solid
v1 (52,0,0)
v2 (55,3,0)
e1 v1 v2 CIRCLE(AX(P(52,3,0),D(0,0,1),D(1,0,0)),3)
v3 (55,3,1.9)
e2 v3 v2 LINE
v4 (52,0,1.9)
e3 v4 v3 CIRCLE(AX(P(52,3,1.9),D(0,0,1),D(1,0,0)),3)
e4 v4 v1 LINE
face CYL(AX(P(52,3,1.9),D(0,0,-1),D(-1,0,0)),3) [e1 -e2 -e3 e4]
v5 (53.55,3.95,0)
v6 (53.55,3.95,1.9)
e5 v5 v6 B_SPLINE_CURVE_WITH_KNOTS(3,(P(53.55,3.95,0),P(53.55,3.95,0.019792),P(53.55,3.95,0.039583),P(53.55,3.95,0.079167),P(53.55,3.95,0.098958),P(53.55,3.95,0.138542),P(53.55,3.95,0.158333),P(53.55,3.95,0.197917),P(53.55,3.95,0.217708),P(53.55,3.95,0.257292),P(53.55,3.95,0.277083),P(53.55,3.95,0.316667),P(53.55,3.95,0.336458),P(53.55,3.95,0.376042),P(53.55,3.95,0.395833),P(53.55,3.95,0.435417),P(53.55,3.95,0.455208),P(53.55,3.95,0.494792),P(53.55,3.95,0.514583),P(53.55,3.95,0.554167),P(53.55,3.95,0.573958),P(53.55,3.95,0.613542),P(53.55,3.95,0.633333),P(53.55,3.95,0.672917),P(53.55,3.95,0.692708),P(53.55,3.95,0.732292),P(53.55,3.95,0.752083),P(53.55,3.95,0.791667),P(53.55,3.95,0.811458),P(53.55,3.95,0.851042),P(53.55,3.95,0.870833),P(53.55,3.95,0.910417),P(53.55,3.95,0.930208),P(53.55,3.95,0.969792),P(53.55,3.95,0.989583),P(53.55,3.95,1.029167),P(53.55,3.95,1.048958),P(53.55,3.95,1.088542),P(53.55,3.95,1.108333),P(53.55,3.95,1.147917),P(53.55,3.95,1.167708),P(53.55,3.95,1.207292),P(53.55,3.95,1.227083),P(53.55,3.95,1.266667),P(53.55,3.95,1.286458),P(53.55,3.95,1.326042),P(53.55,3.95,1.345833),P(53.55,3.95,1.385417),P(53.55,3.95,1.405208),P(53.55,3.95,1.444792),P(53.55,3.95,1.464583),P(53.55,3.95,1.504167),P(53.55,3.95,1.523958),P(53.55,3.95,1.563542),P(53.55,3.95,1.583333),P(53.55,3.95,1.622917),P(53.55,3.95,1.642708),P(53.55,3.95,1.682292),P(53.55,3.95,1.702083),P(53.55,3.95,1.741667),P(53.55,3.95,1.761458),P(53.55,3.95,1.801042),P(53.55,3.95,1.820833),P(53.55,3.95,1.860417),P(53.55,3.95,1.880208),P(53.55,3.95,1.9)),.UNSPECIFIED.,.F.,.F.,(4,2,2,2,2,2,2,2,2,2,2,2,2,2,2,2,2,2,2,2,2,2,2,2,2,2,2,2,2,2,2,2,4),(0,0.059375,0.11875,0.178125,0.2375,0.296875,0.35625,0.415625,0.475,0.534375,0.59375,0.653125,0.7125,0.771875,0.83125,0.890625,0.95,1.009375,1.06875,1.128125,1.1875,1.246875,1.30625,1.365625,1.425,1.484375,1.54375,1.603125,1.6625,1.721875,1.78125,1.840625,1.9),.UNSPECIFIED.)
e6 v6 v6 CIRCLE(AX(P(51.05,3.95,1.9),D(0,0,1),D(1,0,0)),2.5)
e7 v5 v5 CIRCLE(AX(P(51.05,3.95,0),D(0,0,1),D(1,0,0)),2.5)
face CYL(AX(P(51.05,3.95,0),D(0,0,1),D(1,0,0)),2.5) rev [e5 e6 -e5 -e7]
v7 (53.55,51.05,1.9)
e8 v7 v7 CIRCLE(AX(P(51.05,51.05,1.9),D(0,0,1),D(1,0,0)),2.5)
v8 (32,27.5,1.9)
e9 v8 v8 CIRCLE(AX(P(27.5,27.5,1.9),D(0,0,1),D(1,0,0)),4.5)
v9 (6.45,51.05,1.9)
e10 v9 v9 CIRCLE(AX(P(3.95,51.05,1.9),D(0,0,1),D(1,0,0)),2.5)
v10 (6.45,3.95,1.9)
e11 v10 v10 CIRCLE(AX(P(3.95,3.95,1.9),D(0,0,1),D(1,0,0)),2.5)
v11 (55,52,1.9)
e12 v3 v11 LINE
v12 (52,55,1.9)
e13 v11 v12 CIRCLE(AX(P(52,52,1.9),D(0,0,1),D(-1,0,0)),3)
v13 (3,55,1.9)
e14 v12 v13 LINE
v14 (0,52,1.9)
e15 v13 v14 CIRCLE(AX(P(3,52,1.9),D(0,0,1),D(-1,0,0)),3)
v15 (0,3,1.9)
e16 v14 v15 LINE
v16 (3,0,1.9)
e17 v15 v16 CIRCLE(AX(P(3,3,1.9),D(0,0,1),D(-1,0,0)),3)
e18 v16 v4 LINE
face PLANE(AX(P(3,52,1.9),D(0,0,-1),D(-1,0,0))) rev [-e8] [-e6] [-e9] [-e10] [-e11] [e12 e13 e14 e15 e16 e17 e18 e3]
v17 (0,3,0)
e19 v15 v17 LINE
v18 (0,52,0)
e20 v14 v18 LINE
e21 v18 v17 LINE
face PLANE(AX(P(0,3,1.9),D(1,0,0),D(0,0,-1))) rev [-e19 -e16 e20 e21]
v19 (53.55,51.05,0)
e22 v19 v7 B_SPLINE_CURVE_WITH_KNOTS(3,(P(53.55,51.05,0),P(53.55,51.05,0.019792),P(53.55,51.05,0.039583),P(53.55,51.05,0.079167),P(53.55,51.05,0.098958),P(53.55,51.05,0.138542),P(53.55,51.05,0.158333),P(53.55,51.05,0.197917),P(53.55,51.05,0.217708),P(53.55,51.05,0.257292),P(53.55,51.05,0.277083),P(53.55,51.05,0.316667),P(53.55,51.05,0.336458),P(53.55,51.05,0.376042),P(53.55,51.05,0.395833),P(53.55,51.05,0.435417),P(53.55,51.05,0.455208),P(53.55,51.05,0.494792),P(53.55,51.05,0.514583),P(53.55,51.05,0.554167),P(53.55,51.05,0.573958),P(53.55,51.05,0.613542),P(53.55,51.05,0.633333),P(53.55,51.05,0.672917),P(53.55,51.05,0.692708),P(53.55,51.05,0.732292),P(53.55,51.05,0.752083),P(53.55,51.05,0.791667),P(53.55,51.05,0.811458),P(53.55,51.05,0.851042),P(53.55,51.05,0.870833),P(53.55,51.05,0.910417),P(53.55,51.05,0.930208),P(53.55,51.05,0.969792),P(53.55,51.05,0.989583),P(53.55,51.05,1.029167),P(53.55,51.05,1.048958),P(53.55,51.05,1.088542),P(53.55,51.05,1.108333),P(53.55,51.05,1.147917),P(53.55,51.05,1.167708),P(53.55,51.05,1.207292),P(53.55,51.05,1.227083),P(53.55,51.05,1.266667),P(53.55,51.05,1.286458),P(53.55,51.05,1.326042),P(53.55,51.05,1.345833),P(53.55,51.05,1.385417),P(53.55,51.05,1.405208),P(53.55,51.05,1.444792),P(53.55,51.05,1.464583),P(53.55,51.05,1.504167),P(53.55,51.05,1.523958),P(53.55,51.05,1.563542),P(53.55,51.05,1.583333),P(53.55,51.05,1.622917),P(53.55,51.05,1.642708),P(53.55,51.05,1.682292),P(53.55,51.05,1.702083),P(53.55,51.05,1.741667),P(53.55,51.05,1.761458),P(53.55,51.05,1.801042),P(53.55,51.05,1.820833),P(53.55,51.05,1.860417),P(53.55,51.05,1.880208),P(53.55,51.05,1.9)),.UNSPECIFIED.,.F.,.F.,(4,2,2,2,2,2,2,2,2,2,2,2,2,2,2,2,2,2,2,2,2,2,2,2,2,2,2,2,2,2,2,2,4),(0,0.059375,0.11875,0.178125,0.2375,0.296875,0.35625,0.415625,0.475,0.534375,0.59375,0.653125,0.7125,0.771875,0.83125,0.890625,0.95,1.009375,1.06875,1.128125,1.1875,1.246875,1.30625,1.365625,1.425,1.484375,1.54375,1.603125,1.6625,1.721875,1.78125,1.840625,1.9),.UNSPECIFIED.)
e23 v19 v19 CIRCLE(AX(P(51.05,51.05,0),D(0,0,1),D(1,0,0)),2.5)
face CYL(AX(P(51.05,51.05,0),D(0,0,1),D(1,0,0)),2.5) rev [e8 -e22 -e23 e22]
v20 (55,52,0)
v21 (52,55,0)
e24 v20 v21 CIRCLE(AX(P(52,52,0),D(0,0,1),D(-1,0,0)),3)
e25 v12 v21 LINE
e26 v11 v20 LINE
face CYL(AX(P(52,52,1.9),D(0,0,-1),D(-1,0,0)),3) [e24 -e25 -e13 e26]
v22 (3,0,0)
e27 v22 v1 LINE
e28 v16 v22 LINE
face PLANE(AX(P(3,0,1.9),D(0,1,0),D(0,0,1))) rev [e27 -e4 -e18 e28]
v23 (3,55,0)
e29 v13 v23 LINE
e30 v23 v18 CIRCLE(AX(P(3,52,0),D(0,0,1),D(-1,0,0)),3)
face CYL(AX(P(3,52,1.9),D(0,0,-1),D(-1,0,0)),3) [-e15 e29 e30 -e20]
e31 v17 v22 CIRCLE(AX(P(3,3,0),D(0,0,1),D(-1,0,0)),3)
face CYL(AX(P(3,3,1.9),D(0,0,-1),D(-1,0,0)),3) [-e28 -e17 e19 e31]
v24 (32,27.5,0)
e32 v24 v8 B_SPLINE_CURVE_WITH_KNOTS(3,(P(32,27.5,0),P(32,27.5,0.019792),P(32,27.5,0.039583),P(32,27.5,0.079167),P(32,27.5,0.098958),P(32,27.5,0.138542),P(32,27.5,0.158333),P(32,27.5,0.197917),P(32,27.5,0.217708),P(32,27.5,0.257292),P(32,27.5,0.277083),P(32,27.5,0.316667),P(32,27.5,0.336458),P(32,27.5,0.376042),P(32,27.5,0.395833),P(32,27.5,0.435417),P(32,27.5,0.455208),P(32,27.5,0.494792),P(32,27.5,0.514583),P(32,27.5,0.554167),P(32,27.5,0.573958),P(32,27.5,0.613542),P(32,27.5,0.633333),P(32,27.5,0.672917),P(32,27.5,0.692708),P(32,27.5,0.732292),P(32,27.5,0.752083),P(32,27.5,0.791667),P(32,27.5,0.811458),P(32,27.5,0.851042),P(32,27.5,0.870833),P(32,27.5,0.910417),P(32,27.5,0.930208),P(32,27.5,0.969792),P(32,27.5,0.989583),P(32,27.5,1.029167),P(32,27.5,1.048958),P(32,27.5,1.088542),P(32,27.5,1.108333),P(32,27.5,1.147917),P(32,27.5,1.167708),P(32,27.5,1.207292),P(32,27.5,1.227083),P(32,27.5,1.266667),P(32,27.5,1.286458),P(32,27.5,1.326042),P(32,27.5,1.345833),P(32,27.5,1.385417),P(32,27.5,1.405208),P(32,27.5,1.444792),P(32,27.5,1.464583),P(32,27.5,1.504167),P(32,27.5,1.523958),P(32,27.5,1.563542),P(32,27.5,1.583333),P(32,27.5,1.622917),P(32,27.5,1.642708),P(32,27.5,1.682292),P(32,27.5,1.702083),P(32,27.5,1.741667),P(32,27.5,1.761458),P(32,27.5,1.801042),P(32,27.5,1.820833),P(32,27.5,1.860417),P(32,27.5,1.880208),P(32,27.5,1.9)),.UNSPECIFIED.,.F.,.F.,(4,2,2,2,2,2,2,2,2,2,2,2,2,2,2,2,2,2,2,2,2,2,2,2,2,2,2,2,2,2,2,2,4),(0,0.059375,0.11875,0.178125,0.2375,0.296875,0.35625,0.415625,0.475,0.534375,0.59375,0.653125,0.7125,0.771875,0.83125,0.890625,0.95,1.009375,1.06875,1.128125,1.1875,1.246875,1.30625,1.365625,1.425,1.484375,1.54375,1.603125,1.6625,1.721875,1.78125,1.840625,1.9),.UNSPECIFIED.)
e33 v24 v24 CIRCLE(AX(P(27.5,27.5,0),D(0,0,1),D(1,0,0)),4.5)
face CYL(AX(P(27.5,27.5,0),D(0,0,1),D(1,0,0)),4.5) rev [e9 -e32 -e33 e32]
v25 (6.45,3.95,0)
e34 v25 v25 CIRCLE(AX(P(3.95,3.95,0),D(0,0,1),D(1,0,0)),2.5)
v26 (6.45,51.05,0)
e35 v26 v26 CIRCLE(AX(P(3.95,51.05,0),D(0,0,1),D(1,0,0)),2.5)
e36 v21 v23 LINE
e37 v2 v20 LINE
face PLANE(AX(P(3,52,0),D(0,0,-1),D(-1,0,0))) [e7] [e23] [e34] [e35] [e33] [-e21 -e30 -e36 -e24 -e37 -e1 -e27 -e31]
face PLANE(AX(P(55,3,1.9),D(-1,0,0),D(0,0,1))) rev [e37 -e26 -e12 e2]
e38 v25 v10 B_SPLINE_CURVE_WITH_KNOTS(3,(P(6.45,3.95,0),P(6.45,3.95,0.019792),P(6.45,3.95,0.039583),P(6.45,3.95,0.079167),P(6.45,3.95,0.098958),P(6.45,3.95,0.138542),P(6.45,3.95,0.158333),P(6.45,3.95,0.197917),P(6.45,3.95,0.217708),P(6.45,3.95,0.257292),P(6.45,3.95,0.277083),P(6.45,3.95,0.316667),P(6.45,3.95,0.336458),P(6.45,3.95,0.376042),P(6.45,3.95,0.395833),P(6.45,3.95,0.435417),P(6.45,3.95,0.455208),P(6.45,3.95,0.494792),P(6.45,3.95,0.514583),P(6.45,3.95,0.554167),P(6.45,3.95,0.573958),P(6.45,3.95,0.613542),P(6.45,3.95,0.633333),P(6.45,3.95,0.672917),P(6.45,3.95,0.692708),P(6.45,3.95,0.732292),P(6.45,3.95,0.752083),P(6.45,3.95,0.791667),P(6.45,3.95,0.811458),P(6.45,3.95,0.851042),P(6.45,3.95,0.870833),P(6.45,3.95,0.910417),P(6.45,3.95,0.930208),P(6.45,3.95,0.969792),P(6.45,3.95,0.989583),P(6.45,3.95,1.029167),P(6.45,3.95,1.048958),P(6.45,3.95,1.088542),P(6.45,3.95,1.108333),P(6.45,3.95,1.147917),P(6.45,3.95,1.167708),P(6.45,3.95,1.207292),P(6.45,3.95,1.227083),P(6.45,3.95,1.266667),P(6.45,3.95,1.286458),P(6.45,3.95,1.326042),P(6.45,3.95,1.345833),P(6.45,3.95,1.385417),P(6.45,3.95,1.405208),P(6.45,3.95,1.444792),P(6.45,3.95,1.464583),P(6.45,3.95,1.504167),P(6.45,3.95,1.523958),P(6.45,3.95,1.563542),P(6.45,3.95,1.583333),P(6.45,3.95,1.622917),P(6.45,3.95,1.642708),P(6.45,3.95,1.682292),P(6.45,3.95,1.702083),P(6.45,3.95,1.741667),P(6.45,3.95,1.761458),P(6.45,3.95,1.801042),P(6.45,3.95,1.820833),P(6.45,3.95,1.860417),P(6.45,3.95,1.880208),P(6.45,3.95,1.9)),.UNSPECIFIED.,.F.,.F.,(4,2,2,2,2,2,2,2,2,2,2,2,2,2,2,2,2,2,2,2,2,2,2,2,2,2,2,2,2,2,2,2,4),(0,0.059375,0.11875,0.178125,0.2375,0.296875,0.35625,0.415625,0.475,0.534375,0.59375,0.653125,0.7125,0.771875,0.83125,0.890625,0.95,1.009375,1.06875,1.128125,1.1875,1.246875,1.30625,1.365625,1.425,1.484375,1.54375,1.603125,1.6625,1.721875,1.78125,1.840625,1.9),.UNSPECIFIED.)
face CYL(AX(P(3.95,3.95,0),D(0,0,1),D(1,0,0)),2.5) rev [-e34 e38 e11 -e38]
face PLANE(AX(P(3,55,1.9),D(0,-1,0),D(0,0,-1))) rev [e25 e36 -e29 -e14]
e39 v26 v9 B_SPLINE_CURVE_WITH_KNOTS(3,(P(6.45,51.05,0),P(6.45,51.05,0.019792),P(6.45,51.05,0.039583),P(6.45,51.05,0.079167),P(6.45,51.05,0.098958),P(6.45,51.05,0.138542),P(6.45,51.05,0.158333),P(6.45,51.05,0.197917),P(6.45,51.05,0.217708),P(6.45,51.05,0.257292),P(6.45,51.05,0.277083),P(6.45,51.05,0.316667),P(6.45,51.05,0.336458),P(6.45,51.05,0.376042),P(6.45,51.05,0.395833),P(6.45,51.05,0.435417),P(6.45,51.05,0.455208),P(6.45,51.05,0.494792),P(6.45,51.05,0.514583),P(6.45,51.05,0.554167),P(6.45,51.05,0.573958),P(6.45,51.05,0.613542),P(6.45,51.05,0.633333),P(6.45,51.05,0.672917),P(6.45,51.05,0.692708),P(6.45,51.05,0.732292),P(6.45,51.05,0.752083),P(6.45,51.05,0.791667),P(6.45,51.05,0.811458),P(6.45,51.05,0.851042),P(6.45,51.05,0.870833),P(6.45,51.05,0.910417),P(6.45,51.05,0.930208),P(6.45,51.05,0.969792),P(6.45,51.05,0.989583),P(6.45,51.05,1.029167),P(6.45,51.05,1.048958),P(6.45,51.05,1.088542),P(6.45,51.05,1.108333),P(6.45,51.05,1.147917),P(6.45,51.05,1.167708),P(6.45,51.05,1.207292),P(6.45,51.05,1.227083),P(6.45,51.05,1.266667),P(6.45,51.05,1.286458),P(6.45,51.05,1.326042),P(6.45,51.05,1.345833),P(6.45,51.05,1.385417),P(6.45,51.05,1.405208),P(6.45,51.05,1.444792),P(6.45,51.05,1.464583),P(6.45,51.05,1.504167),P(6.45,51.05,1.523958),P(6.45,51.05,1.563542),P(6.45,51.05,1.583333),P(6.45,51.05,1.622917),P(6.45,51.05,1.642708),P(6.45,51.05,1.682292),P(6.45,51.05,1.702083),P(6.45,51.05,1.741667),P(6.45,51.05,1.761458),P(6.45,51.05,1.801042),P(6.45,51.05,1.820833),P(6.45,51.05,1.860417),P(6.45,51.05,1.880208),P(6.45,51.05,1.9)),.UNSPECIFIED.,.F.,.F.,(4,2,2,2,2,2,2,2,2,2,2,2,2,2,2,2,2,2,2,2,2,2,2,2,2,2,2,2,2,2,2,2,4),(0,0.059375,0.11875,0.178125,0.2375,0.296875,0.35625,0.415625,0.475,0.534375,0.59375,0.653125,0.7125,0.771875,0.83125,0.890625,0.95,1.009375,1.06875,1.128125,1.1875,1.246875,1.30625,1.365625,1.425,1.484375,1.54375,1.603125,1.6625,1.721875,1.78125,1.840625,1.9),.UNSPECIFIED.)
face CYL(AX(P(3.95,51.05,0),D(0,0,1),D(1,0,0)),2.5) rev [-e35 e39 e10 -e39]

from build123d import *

# Parameters (mm, degrees)
EXTRUDE_1_DEPTH     = 1.9
SKETCH_2_R          = 4.5
CUT_EXTRUDE_1_DEPTH = 78.804948429
SKETCH_3_R          = 2.5
CUT_EXTRUDE_2_DEPTH = 78.804948429


with BuildPart() as part:
    # Эскиз1 → Бобышка-Вытянуть1 (new body)
    with BuildSketch(Plane.XY):
        with BuildLine():
            Line((3, 0), (52, 0))
            ThreePointArc((52, 0), (54.121320344, 0.878679656), (55, 3))
            Line((55, 3), (55, 52))
            ThreePointArc((55, 52), (54.121320344, 54.121320344), (52, 55))
            Line((52, 55), (3, 55))
            ThreePointArc((3, 55), (0.878679656, 54.121320344), (0, 52))
            Line((0, 52), (0, 3))
            ThreePointArc((0, 3), (0.878679656, 0.878679656), (3, 0))
        make_face()
    extrude(amount=EXTRUDE_1_DEPTH)

    # Эскиз2 → Вырез-Вытянуть1 (cut, through all)
    with BuildSketch(Plane.XY.offset(1.9)):
        with Locations((27.5, 27.5)):
            Circle(SKETCH_2_R)
    extrude(amount=-CUT_EXTRUDE_1_DEPTH, mode=Mode.SUBTRACT)

    # Эскиз3 → Вырез-Вытянуть2 (cut, through all)
    with BuildSketch(Plane.XY.offset(1.9)):
        with Locations((3.95, 3.95)):
            Circle(SKETCH_3_R)
        with Locations((51.05, 3.95)):
            Circle(SKETCH_3_R)
        with Locations((51.05, 51.05)):
            Circle(SKETCH_3_R)
        with Locations((3.95, 51.05)):
            Circle(SKETCH_3_R)
    extrude(amount=-CUT_EXTRUDE_2_DEPTH, mode=Mode.SUBTRACT)


solid = part.part
